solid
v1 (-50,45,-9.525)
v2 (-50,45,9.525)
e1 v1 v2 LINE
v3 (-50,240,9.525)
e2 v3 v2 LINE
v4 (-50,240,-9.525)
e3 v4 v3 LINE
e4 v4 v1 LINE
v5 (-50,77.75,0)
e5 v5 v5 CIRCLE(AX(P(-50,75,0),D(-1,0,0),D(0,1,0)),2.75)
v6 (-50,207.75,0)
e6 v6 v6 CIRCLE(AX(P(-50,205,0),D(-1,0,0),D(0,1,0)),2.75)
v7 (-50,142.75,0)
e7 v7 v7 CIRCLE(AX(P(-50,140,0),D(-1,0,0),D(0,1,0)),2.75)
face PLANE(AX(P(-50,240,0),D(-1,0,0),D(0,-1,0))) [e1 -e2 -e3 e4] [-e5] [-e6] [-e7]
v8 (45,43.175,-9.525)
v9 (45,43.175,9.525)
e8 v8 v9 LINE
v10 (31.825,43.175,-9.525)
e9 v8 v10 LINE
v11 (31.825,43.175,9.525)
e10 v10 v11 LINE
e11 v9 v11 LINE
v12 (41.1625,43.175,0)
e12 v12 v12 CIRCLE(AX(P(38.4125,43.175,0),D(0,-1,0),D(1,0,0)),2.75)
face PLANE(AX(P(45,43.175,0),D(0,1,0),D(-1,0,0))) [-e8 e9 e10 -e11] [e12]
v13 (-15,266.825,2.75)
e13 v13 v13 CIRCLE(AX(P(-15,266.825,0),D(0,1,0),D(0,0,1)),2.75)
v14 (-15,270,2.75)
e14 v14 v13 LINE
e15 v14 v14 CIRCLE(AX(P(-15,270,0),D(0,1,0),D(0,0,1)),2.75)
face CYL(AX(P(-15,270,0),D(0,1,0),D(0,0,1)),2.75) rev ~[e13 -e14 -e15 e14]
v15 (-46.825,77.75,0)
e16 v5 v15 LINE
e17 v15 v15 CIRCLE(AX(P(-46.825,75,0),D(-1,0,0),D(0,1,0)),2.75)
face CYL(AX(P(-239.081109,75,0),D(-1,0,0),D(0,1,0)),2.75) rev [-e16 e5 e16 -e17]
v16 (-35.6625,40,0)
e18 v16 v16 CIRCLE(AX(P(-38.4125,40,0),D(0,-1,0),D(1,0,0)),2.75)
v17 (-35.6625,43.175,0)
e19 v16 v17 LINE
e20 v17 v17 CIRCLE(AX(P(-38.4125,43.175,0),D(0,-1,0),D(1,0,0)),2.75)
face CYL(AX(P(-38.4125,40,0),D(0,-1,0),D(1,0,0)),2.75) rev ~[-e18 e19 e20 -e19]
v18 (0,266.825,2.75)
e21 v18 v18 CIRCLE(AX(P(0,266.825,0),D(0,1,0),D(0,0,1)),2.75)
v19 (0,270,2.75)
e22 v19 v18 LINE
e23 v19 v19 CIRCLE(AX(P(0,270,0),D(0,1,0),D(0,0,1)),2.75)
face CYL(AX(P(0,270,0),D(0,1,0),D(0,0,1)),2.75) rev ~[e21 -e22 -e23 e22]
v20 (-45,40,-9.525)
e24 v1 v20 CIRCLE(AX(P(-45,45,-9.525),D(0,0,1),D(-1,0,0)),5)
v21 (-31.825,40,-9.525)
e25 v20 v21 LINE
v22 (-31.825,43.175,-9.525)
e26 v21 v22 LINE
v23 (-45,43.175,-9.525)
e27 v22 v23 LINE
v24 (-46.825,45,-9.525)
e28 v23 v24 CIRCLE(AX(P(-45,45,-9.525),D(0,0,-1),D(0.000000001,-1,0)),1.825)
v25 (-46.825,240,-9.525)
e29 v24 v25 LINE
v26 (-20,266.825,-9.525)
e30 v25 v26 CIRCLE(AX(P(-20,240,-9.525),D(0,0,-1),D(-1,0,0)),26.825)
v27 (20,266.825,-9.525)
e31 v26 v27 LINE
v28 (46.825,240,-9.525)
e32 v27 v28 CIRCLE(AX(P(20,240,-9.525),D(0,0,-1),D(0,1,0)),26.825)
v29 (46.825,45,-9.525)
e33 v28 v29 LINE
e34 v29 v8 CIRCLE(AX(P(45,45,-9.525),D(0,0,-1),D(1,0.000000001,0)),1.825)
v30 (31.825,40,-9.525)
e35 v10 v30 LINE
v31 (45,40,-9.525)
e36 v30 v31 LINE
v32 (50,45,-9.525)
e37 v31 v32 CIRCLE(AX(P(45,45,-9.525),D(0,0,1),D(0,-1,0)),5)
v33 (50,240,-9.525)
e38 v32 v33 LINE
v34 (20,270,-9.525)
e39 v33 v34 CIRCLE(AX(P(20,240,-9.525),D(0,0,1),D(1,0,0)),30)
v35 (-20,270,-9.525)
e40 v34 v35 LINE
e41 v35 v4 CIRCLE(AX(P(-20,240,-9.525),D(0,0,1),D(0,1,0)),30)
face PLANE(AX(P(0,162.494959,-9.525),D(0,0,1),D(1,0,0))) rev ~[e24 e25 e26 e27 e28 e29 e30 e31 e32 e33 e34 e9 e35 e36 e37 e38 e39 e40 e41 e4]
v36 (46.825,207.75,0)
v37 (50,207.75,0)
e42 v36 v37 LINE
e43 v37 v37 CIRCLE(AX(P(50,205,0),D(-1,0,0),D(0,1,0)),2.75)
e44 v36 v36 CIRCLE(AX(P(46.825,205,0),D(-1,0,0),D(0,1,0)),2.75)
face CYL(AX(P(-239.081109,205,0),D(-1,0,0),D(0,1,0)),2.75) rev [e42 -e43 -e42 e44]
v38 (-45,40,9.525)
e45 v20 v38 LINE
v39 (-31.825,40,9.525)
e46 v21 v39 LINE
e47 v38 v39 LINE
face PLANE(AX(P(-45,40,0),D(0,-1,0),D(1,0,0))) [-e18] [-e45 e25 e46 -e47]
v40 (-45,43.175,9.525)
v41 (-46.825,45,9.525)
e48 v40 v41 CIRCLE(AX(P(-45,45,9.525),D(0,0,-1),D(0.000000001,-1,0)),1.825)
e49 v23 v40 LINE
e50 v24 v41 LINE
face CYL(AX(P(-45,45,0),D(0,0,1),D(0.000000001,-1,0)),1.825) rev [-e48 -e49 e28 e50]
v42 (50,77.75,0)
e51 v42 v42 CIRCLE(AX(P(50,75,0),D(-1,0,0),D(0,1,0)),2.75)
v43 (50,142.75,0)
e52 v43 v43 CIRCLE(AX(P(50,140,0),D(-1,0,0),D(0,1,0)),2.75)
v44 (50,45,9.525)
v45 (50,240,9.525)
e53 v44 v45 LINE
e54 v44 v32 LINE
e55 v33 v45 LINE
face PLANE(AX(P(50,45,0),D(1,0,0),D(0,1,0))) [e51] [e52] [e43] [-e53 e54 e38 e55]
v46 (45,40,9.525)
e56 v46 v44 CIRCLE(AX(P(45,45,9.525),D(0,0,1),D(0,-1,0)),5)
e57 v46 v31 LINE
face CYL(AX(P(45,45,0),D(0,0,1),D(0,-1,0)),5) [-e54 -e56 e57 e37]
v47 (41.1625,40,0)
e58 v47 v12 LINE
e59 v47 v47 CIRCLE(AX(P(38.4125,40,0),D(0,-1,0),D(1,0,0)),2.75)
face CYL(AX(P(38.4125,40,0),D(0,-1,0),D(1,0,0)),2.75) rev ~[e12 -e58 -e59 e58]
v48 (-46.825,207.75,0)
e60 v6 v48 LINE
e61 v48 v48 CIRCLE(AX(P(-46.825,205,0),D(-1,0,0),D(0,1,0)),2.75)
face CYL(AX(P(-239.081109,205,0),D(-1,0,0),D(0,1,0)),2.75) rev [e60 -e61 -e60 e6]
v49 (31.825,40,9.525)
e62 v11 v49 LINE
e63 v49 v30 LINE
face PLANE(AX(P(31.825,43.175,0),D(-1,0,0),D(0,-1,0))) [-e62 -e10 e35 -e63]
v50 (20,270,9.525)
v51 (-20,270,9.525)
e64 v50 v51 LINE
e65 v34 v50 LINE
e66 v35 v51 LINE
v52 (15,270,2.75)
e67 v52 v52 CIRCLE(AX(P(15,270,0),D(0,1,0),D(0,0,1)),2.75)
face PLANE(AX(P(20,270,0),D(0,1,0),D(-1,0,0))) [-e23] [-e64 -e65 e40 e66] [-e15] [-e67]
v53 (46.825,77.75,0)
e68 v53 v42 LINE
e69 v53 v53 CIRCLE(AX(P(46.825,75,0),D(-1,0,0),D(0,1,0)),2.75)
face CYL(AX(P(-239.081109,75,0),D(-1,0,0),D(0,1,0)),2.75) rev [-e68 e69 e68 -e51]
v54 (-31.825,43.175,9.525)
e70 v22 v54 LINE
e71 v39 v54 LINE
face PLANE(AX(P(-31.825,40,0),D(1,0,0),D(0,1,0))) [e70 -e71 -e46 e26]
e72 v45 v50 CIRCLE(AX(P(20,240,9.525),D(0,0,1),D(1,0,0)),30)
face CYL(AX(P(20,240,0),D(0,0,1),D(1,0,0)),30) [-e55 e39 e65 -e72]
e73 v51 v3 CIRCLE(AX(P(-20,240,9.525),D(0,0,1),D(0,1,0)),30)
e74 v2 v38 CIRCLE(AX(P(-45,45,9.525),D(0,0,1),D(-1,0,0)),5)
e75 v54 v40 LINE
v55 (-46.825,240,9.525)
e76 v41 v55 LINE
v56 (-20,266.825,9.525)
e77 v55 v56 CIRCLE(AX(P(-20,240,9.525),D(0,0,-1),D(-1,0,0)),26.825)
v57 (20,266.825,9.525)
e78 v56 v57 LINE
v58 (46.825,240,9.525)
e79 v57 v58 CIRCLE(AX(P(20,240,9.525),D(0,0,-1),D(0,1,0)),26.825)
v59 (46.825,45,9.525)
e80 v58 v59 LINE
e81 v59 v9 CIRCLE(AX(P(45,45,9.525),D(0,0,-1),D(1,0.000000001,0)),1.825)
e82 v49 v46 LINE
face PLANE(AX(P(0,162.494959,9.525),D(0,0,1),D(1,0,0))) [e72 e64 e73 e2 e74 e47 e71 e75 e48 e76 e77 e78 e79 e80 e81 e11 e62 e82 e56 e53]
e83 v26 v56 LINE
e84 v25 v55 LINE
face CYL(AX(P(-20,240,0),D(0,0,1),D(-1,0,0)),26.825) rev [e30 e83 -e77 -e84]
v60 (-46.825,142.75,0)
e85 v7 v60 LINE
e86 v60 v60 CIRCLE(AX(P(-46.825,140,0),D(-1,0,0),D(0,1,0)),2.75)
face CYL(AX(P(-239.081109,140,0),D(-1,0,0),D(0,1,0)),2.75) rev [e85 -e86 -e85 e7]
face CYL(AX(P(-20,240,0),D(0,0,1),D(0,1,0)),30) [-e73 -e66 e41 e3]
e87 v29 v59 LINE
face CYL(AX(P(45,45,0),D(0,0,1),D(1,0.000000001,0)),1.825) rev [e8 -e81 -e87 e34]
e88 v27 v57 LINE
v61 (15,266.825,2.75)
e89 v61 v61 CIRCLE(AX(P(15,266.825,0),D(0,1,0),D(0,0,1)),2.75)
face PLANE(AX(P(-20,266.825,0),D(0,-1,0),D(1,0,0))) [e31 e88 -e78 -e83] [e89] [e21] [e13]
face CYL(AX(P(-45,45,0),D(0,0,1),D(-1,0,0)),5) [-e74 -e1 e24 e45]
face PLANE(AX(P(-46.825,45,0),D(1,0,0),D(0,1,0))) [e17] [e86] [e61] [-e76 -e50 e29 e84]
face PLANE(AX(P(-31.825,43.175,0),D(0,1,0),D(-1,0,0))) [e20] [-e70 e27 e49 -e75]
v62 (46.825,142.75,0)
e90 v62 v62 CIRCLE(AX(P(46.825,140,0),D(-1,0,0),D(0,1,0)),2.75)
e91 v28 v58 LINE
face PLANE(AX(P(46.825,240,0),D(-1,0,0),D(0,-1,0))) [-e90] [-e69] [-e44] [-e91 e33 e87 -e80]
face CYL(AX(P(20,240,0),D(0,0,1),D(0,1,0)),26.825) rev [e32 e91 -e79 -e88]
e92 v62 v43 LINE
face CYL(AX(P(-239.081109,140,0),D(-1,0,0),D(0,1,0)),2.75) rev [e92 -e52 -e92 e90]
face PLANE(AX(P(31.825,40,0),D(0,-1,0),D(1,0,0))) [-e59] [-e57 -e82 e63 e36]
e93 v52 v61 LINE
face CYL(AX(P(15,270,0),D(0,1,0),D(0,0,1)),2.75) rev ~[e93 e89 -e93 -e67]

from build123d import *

# Parameters (mm, degrees)
BOSS_EXTRUDE1_DEPTH     = 9.525
SKETCH12_R              = 2.75
CUT_EXTRUDE2_DEPTH      = 236.564695201
CUT_EXTRUDE3_DEPTH      = 289.081109455
CUT_EXTRUDE3_DEPTH_BACK = 289.081109455
SKETCH13_R              = 2.75
CUT_EXTRUDE6_REACH      = 237.565
SKETCH16_R              = 2.75


with BuildPart() as part:
    # Sketch1 → Boss-Extrude1 (new, symmetric)
    with BuildSketch(Plane.XY):
        with BuildLine():
            Line((50, 45), (50, 240))
            ThreePointArc((50, 240), (41.213203436, 261.213203436), (20, 270))
            Line((20, 270), (-20, 270))
            ThreePointArc((-20, 270), (-41.213203436, 261.213203436), (-50, 240))
            Line((-50, 240), (-50, 45))
            ThreePointArc((-50, 45), (-48.535533906, 41.464466094), (-45, 40))
            Line((-45, 40), (-31.825, 40))
            Line((-31.825, 40), (-31.825, 43.175))
            Line((-31.825, 43.175), (-45, 43.175))
            ThreePointArc((-45, 43.175), (-46.290469876, 43.709530124), (-46.825, 45))
            Line((-46.825, 45), (-46.825, 240))
            ThreePointArc((-46.825, 240), (-38.968139405, 258.968139405), (-20, 266.825))
            Line((-20, 266.825), (20, 266.825))
            ThreePointArc((20, 266.825), (38.968139405, 258.968139405), (46.825, 240))
            Line((46.825, 240), (46.825, 45))
            ThreePointArc((46.825, 45), (46.290469876, 43.709530124), (45, 43.175))
            Line((45, 43.175), (31.825, 43.175))
            Line((31.825, 43.175), (31.825, 40))
            Line((31.825, 40), (45, 40))
            ThreePointArc((45, 40), (48.535533906, 41.464466094), (50, 45))
        make_face()
    extrude(amount=BOSS_EXTRUDE1_DEPTH, both=True)

    # Sketch12 → Cut-Extrude2 (cut, through all)
    with BuildSketch(Plane(origin=(0, 270, 0), x_dir=(1, 0, 0), z_dir=(0, 1, 0))):
        with Locations(Location((0, 0, 0), (0, 0, 270))):
            Circle(SKETCH12_R)
        with Locations(Location((-15, 0, 0), (0, 0, 270))):
            Circle(SKETCH12_R)
        with Locations(Location((15, 0, 0), (0, 0, 270))):
            Circle(SKETCH12_R)
    extrude(amount=-CUT_EXTRUDE2_DEPTH, mode=Mode.SUBTRACT)

    # Sketch13 → Cut-Extrude3 (cut, two sides: drawn at the far end of the back side and taken through both)
    with BuildSketch(Plane(origin=(50, 0, 0), x_dir=(0, 0, -1), z_dir=(1, 0, 0)).offset(-CUT_EXTRUDE3_DEPTH_BACK)):
        with Locations(Location((0, 205, 0), (0, 0, 90))):
            Circle(SKETCH13_R)
        with Locations(Location((0, 140, 0), (0, 0, 90))):
            Circle(SKETCH13_R)
        with Locations(Location((0, 75, 0), (0, 0, 90))):
            Circle(SKETCH13_R)
    extrude(amount=CUT_EXTRUDE3_DEPTH + CUT_EXTRUDE3_DEPTH_BACK, mode=Mode.SUBTRACT)

    # Sketch16 → Cut-Extrude6 (cut, up to next)
    with BuildSketch(Plane(origin=(0, 40, 0), x_dir=(-1, 0, 0), z_dir=(0, -1, 0)), mode=Mode.PRIVATE) as cut_extrude6_sk1:
        with Locations(Location((38.4125, 0, 0), (0, 0, 180))):
            Circle(SKETCH16_R)
    cut_extrude6_tool1 = extrude(cut_extrude6_sk1.sketch, amount=-CUT_EXTRUDE6_REACH, mode=Mode.PRIVATE) & part.part
    # Sketch16 → Cut-Extrude6 (cut, up to next)
    with BuildSketch(Plane(origin=(0, 40, 0), x_dir=(-1, 0, 0), z_dir=(0, -1, 0)), mode=Mode.PRIVATE) as cut_extrude6_sk2:
        with Locations(Location((-38.4125, 0, 0), (0, 0, 180))):
            Circle(SKETCH16_R)
    cut_extrude6_tool2 = extrude(cut_extrude6_sk2.sketch, amount=-CUT_EXTRUDE6_REACH, mode=Mode.PRIVATE) & part.part
    add(cut_extrude6_tool1.solids().sort_by_distance((-38.4125, 40, 0))[0], mode=Mode.SUBTRACT)
    add(cut_extrude6_tool2.solids().sort_by_distance((38.4125, 40, 0))[0], mode=Mode.SUBTRACT)


solid = part.part
